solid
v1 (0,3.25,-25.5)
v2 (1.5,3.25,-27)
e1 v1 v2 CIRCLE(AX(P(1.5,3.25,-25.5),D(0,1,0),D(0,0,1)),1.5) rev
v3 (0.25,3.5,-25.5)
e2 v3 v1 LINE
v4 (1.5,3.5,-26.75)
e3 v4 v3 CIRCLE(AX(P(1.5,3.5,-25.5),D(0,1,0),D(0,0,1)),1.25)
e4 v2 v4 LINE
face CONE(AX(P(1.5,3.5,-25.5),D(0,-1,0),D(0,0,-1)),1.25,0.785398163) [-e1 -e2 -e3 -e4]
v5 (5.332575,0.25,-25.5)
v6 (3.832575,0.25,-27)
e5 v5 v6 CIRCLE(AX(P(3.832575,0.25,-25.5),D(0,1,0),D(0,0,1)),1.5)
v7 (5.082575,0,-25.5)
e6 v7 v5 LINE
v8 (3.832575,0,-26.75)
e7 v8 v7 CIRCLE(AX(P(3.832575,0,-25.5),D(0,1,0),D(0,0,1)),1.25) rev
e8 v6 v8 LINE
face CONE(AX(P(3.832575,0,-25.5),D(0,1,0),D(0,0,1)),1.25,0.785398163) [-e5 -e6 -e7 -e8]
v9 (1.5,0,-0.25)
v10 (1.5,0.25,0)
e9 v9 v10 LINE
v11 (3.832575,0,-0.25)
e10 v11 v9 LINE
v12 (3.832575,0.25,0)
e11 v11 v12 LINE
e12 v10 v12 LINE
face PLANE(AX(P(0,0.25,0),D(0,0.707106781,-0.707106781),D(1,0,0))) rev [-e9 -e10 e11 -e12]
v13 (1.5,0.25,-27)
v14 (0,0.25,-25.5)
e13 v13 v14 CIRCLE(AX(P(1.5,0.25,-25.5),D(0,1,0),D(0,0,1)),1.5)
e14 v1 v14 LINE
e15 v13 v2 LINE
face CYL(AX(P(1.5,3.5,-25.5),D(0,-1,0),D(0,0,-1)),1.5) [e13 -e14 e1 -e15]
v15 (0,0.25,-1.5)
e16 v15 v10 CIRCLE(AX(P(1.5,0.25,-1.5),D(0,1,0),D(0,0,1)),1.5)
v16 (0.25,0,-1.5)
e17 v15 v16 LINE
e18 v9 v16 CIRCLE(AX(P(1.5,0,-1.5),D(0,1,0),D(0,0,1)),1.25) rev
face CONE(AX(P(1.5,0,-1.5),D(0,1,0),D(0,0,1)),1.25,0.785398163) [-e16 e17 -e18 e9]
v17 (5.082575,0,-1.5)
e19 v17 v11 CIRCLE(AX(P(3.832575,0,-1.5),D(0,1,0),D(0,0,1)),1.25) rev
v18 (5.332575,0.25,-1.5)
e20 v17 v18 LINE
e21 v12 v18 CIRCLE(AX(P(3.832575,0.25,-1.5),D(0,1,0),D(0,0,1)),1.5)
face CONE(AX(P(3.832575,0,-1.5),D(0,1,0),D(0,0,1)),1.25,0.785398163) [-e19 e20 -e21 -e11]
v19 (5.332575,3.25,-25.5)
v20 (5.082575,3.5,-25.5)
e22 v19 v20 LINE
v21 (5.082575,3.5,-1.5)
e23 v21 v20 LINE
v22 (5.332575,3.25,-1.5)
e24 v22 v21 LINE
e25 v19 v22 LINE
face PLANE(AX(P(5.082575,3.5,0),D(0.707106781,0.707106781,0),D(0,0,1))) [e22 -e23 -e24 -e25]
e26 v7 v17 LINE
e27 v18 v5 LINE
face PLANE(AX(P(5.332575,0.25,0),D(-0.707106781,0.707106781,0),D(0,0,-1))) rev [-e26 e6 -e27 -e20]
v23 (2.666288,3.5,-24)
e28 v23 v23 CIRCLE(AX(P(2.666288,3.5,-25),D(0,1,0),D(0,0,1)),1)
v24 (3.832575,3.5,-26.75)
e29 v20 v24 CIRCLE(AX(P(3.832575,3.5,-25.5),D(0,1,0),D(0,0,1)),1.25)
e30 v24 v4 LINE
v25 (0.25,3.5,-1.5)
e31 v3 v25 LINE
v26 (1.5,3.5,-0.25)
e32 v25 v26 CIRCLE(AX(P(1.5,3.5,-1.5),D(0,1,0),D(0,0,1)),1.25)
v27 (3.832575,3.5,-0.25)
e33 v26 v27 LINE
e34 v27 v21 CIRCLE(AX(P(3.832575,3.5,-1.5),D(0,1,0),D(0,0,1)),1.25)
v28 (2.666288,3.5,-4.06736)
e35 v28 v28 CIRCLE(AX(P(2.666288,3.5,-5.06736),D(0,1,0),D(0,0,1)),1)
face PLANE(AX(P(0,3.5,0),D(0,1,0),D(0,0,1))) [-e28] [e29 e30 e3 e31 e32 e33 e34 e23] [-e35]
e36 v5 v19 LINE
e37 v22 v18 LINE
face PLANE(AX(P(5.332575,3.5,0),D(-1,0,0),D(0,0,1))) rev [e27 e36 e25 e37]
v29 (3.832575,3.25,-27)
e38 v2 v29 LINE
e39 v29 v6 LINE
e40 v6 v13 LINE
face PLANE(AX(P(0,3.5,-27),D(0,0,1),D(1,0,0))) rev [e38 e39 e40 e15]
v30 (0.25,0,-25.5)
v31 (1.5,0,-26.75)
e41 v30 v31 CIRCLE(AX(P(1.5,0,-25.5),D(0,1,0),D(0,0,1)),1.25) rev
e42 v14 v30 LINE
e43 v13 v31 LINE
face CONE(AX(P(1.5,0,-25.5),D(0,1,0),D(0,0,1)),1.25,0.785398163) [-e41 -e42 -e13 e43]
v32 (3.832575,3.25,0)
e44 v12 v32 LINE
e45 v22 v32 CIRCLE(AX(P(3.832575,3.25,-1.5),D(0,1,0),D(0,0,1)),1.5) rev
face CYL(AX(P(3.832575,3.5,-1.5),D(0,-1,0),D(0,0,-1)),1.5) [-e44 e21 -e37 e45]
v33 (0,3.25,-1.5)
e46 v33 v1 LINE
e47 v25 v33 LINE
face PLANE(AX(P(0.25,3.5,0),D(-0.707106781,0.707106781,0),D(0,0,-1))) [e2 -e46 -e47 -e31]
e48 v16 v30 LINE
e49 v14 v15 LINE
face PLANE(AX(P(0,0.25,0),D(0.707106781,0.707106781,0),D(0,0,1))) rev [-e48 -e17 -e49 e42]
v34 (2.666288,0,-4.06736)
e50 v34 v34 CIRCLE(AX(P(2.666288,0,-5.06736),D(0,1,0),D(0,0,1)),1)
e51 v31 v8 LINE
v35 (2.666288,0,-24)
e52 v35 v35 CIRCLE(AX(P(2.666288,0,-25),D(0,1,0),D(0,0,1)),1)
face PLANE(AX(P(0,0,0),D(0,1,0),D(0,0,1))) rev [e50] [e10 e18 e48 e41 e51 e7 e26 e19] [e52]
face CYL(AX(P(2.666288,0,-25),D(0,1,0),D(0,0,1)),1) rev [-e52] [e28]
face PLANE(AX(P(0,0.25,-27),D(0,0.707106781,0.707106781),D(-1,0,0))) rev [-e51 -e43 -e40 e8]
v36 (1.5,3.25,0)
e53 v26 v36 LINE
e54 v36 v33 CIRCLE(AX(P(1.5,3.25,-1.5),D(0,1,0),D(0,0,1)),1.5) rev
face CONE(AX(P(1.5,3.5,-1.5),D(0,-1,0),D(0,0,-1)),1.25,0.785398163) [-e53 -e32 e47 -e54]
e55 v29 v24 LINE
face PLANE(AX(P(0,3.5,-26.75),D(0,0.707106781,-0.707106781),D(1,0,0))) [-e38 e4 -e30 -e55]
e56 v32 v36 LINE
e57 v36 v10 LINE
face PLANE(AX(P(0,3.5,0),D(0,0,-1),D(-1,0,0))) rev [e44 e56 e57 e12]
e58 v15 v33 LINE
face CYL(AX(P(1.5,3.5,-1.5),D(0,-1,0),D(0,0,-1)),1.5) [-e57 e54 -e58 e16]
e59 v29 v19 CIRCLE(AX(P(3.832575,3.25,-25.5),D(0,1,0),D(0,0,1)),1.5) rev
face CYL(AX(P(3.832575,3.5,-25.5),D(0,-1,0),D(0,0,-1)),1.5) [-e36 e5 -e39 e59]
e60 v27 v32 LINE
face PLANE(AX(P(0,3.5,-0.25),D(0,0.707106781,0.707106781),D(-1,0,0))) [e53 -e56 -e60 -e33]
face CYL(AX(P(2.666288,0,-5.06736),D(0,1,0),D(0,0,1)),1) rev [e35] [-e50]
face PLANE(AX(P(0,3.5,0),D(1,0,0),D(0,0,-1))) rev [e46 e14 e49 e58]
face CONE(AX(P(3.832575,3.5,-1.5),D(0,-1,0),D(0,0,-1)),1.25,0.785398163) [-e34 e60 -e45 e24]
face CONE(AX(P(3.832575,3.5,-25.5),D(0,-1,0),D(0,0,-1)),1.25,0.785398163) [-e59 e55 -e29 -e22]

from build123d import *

# Parameters (mm, degrees)
SKETCH_1_W          = 5.332575
SKETCH_1_H          = 27
EXTRUDE_1_DEPTH     = 3.5
FILLET_1_R          = 1.5
SKETCH_2_R          = 1
CUT_EXTRUDE_1_DEPTH = 4.5
CHAMFER_1_SIZE      = 0.25


with BuildPart() as part:
    # ｽｹｯﾁ1 → ﾎﾞｽ - 押し出し1 (new body)
    with BuildSketch(Plane(origin=(0, 0, 0), x_dir=(1, 0, 0), z_dir=(0, 1, 0))):
        with Locations((2.6662875, 13.5)):
            Rectangle(SKETCH_1_W, SKETCH_1_H)
    extrude(amount=EXTRUDE_1_DEPTH)

    # ﾌｨﾚｯﾄ1
    fillet_1_edges = [part.edges().sort_by_distance(p)[0] for p in [
        (5.332575, 1.75, -27),
        (5.332575, 1.75, 0),
        (0, 1.75, 0),
        (0, 1.75, -27),
    ]]
    fillet(fillet_1_edges, radius=FILLET_1_R)

    # ｽｹｯﾁ2 → ｶｯﾄ - 押し出し1 (cut, through all)
    with BuildSketch(Plane(origin=(0, 3.5, 0), x_dir=(1, 0, 0), z_dir=(0, 1, 0))):
        with Locations((2.6662875, 25)):
            Circle(SKETCH_2_R)
        with Locations((2.6662875, 5.06736)):
            Circle(SKETCH_2_R)
    extrude(amount=-CUT_EXTRUDE_1_DEPTH, mode=Mode.SUBTRACT)

    # 面取り1
    chamfer_1_edges = [part.edges().sort_by_distance(p)[0] for p in [
        (5.332575, 0, -13.5),
        (5.332575, 3.5, -13.5),
        (2.6662875, 0, -27),
        (2.6662875, 0, 0),
        (0, 0, -13.5),
        (4.893235172, 0, -26.560660172),
        (0.439339828, 0, -26.560660172),
        (0.439339828, 0, -0.439339828),
        (4.893235172, 0, -0.439339828),
        (2.6662875, 3.5, 0),
        (2.6662875, 3.5, -27),
        (0, 3.5, -13.5),
        (4.893235172, 3.5, -26.560660172),
        (0.439339828, 3.5, -26.560660172),
        (0.439339828, 3.5, -0.439339828),
        (4.893235172, 3.5, -0.439339828),
    ]]
    chamfer(chamfer_1_edges, length=CHAMFER_1_SIZE)


solid = part.part
